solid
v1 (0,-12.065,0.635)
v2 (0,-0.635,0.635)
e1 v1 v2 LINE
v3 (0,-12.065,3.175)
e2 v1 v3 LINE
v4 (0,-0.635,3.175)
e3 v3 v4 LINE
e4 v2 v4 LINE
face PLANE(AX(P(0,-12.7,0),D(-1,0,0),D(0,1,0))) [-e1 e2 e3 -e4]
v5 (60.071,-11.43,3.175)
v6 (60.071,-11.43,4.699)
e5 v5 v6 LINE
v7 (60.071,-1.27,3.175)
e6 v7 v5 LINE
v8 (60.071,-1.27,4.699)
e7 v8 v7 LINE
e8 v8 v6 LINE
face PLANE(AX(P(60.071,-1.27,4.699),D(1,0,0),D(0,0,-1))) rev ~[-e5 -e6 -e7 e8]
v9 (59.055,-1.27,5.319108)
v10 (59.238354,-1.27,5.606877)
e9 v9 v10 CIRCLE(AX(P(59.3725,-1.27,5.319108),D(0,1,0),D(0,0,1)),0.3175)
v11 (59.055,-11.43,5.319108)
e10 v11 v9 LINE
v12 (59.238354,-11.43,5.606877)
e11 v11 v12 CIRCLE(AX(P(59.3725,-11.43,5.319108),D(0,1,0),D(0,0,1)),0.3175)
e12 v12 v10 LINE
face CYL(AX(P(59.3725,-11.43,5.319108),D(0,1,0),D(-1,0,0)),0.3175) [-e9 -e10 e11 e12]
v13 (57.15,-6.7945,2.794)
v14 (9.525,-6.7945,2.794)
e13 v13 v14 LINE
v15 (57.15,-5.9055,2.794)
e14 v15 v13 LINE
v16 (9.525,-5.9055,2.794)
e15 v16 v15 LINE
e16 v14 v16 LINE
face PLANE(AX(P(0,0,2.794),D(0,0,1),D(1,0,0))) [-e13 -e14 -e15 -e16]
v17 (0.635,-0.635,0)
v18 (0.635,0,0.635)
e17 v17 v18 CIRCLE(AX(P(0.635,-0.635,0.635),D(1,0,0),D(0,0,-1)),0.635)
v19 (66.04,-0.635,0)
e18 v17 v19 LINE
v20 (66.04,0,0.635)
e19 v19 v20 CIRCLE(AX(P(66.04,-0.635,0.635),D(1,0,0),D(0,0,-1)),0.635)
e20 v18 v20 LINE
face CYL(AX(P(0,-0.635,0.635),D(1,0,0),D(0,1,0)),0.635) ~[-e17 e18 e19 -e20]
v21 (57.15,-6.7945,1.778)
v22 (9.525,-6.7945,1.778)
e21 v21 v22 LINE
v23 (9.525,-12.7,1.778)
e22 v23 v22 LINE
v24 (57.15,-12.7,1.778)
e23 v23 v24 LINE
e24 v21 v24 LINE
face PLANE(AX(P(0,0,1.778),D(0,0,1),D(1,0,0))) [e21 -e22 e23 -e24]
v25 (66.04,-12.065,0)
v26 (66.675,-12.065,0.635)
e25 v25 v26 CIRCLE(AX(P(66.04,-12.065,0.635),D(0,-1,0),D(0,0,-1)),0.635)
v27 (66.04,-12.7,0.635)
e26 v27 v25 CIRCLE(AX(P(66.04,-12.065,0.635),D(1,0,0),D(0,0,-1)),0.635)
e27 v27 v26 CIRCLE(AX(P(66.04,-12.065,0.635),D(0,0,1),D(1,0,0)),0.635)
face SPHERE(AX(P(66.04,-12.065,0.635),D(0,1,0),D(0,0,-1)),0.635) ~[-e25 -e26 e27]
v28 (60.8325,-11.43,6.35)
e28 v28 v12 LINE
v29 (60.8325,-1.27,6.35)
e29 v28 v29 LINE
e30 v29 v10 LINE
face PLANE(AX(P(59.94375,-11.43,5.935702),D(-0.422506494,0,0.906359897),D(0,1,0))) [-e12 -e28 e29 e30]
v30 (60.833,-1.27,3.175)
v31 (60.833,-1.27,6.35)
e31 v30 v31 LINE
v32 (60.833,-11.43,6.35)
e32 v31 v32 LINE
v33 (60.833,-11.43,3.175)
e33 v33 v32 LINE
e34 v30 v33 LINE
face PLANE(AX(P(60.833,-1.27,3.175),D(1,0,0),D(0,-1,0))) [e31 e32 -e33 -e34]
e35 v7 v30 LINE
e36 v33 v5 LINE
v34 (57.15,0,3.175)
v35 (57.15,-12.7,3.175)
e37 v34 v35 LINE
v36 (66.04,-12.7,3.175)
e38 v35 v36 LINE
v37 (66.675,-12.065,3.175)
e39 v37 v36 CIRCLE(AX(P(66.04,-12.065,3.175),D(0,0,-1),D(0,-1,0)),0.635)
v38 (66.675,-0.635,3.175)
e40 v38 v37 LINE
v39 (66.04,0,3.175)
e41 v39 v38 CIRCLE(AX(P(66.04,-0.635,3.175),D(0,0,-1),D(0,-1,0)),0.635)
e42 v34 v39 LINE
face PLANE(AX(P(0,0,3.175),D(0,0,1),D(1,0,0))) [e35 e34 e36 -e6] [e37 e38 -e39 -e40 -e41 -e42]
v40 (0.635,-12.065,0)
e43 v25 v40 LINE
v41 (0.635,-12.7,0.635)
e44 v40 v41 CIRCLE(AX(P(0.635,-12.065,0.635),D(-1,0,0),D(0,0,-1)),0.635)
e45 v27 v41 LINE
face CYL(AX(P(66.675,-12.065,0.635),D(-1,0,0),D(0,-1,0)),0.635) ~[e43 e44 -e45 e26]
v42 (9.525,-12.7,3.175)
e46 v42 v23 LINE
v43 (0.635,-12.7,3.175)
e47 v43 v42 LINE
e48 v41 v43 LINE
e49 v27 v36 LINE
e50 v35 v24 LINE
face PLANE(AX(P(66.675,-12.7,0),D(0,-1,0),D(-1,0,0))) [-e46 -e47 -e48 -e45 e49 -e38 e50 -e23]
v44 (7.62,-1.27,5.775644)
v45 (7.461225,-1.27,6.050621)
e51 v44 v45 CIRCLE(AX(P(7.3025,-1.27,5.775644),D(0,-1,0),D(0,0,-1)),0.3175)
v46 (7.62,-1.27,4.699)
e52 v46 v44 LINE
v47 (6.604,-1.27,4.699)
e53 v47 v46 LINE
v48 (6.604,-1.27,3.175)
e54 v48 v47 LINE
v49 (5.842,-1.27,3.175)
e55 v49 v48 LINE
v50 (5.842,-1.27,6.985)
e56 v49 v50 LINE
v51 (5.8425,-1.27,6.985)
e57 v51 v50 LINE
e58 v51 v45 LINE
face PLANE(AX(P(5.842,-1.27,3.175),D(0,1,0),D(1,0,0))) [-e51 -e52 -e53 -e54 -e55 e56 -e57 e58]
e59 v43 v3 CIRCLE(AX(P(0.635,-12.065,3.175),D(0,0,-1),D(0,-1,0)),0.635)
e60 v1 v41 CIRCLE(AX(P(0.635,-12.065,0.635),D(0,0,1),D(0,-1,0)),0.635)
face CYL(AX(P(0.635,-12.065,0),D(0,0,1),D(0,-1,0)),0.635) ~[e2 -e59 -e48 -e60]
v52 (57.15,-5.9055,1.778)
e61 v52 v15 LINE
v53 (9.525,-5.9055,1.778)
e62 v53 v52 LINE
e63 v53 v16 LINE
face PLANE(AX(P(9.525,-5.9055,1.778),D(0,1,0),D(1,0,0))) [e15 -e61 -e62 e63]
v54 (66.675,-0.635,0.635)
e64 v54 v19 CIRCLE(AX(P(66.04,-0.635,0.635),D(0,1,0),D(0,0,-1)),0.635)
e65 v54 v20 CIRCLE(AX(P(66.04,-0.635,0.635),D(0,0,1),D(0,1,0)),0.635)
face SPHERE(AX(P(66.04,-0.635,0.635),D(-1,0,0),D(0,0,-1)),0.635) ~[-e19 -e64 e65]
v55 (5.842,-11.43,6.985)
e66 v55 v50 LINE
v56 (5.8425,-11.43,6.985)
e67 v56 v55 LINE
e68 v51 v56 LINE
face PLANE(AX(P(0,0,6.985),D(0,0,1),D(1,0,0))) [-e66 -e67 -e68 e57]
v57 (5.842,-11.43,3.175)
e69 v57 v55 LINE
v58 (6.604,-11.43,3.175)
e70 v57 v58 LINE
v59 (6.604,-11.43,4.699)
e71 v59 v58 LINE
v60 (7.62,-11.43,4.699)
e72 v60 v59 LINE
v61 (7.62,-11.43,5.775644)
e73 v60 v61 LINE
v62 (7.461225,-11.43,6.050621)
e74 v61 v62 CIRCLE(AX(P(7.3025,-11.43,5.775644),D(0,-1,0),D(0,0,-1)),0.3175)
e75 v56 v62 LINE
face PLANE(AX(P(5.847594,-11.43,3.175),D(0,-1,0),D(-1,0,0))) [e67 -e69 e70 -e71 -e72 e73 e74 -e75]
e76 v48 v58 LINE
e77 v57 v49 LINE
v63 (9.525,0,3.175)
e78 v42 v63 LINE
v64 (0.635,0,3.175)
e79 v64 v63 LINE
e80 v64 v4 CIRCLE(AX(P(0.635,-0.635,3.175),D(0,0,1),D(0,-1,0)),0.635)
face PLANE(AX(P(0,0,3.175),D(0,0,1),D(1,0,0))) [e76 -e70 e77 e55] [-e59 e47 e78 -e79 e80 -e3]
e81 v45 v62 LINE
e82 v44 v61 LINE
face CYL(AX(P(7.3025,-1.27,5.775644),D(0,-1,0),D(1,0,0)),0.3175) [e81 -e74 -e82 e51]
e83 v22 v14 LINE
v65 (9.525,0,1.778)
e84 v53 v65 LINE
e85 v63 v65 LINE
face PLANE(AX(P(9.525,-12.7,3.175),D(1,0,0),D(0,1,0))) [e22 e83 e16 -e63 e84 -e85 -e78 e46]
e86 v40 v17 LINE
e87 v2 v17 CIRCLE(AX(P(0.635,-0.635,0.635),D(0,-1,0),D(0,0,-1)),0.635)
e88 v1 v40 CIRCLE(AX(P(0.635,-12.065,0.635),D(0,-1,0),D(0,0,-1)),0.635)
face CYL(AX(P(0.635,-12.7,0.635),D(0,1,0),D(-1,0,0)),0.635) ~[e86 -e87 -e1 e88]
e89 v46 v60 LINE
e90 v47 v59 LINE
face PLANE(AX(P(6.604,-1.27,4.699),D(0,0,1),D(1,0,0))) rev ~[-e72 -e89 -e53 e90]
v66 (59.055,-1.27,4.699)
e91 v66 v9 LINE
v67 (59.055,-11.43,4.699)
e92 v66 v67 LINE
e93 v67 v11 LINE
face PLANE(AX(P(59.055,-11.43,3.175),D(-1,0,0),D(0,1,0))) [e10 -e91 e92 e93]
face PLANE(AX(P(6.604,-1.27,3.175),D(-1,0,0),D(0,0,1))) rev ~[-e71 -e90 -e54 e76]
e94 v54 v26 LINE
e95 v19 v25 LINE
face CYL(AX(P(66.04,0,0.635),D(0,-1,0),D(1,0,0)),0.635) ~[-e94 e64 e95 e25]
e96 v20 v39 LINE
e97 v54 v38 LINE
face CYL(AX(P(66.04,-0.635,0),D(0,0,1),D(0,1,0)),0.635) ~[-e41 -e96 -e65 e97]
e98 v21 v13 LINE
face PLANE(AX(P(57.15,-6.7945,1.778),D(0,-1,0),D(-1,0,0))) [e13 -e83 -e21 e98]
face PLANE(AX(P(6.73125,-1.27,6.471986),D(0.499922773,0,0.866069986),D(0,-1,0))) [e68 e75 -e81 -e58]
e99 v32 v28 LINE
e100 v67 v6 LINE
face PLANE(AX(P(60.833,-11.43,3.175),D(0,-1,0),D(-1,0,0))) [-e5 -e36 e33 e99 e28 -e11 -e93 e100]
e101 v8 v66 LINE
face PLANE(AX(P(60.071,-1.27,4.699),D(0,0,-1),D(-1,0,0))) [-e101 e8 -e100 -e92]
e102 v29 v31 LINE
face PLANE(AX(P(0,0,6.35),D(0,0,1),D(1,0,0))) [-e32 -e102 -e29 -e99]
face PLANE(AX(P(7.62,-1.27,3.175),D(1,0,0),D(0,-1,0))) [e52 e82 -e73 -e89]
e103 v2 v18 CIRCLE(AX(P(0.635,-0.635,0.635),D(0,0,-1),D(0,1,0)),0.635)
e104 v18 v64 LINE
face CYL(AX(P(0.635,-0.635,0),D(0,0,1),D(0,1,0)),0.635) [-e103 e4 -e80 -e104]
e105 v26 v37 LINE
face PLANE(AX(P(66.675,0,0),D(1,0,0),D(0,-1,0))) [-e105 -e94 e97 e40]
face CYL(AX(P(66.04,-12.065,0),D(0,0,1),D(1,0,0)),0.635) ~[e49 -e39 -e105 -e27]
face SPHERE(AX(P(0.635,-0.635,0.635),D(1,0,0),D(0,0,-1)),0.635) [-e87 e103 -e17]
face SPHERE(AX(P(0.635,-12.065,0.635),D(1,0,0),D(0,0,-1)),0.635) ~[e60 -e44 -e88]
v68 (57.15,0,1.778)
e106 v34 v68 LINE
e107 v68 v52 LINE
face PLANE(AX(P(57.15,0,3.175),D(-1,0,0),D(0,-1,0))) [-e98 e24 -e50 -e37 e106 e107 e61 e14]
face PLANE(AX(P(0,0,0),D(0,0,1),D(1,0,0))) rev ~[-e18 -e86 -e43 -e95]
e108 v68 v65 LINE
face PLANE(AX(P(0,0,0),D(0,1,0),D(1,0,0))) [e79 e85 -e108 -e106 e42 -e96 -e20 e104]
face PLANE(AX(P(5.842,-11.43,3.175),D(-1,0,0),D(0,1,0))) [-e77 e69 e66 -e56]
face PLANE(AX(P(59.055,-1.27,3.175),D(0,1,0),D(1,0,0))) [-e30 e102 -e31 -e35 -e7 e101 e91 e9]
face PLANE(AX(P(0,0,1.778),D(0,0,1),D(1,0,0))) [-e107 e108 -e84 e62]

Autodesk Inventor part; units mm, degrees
ref_plane "YZ Plane" through (0, 0, 0) normal (1, 0, 0) x (0, 1, 0)
ref_plane "XZ Plane" through (0, 0, 0) normal (0, 1, 0) x (-1, 0, 0)
ref_plane "XY Plane" through (0, 0, 0) normal (0, 0, 1) x (1, 0, 0)
sketch "Sketch1" plane through (0, 0, 0) normal (0, 0, 1) x (1, 0, 0)
  line L0 (0, 0) -> (66.675, 0)
  line L1 (66.675, 0) -> (66.675, -12.7)
  line L2 (66.675, -12.7) -> (0, -12.7)
  line L3 (0, -12.7) -> (0, 0)
  dimension "d0" = 66.675
  dimension "d1" = 12.7
extrude "Extrusion1" add sketch "Sketch1" along normal blind 3.175
fillet "Fillet1" radius 0.635 8 edges at (33.3375, 0, 0) (66.675, -6.35, 0) (66.675, 0, 1.5875) (33.3375, -12.7, 0) (66.675, -12.7, 1.5875) (0, -6.35, 0) (0, -12.7, 1.5875) (0, 0, 1.5875)
sketch "Sketch2" plane through (0, 0, 3.175) normal (0, 0, 1) x (1, 0, 0)
  line L0 (66.04, 0) -> (0.635, 0) projected
  line L1 (0.635, -12.7) -> (66.04, -12.7) projected
  line L2 (9.525, 0) -> (57.15, 0)
  line L3 (57.15, 0) -> (57.15, -12.7)
  line L4 (57.15, -12.7) -> (9.525, -12.7)
  line L5 (9.525, -12.7) -> (9.525, 0)
  line L6 (66.675, -12.065) -> (66.675, -0.635) projected
  point P0 (0, 0)
  dimension "d5" = 47.625
  dimension "d6" = 9.525
extrude "Extrusion2" cut sketch "Sketch2" against normal blind 1.397
sketch "Sketch3" plane through (0, 0, 3.175) normal (0, 0, 1) x (1, 0, 0)
  line L0 (66.04, -0.635) -> (0.635, -0.635) projected
  line L1 (0.635, -12.065) -> (66.04, -12.065) projected
  line L2 (5.842, -1.27) -> (7.62, -1.27)
  line L3 (7.62, -1.27) -> (7.62, -11.43)
  line L4 (7.62, -11.43) -> (5.842, -11.43)
  line L5 (5.842, -11.43) -> (5.842, -1.27)
  line L6 (9.525, -12.7) -> (9.525, 0) projected
  line L7 (7.112, -1.101) -> (5.842, -11.4757)
  line L8 (5.842, -11.4757) -> (8.89, -11.4757)
  line L9 (8.89, -11.4757) -> (7.62, -21.8503)
  line L10 (9.525, 0) -> (0.635, 0) projected
  line L11 (0.635, -12.7) -> (9.525, -12.7) projected
  point P0 (0, 0)
  dimension "d9" = 1.778
  dimension "d52" = 1.27
  dimension "d53" = 1.27
  dimension "d56" = 1.905
extrude "Extrusion3" add sketch "Sketch3" along normal blind 3.81 contours L4 L5 L2 L7 | L7 L2 L3 L4
sketch "Sketch5" plane through (0, 0, 3.175) normal (0, 0, 1) x (1, 0, 0)
  line L0 (66.04, -0.635) -> (0.635, -0.635) projected
  line L1 (0.635, -12.065) -> (66.04, -12.065) projected
  line L2 (59.055, -1.27) -> (60.833, -1.27)
  line L3 (60.833, -1.27) -> (60.833, -11.43)
  line L4 (60.833, -11.43) -> (59.055, -11.43)
  line L5 (59.055, -11.43) -> (59.055, -1.27)
  line L6 (57.15, 0) -> (57.15, -12.7) projected
  line L7 (66.04, 0) -> (57.15, 0) projected
  line L8 (57.15, -12.7) -> (66.04, -12.7) projected
  point P0 (0, 0)
  dimension "d21" = 1.778
  dimension "d54" = 1.27
  dimension "d55" = 1.27
  dimension "d57" = 1.905
extrude "Extrusion5" add sketch "Sketch5" along normal blind 3.175
sketch "Sketch6" plane through (59.055, -1.27, 3.175) normal (0, 1, 0) x (1, 0, 0)
  line L0 (0, 0) -> (1.778, 0) projected
  line L1 (1.016, -1.524) -> (1.016, 0)
  line L2 (1.016, 0) -> (0, 0)
  line L3 (0, 0) -> (0, -1.524)
  line L4 (0, 0) -> (0, -3.175) projected
  line L5 (0, 0) -> (1.016, 0)
  line L6 (1.016, 0) -> (1.016, -1.524)
  line L7 (1.016, -1.524) -> (0, -1.524)
  line L8 (0, -1.524) -> (0, 0)
  point P0 (-59.055, 3.175)
  point P1 (0, -1.524)
  dimension "d29" = 1.016
  dimension "d51" = 1.524
extrude "Extrusion6" cut sketch "Sketch6" against normal through all
sketch "Sketch7" plane through (0, 0, 1.778) normal (0, 0, 1) x (1, 0, 0)
  line L0 (9.525, -12.7) -> (9.525, 0) projected
  line L1 (57.15, 0) -> (57.15, -12.7) projected
  line L2 (9.525, -5.9055) -> (57.15, -5.9055)
  line L3 (57.15, -5.9055) -> (57.15, -6.7945)
  line L4 (57.15, -6.7945) -> (9.525, -6.7945)
  line L5 (9.525, -6.7945) -> (9.525, -5.9055)
  line L6 (9.525, 0) -> (57.15, 0) projected
  point P0 (0, 0)
  dimension "d33" = 0.889
  dimension "d34" = 5.9055
extrude "Extrusion7" add sketch "Sketch7" along normal blind 1.016 contours L0 L2 L1 L4
sketch "Sketch8" plane through (5.842, -1.27, 3.175) normal (0, 1, 0) x (1, 0, 0)
  line L0 (0, 0) -> (1.778, 0) projected
  line L1 (1.778, 0) -> (0.762, 0)
  line L2 (0.762, 0) -> (0.762, -1.524)
  line L3 (0.762, -1.524) -> (1.778, -1.524)
  line L4 (1.778, -1.524) -> (1.778, 0)
  point P0 (-5.842, 3.175)
  dimension "d38" = 1.016
  dimension "d39" = 1.524
extrude "Extrusion8" cut sketch "Sketch8" against normal through all
chamfer "Chamfer3" distance 1.778 angle 30 1 edges at (7.62, -6.35, 6.985) measured on face at (6.4347, -4.6567, 6.985)
fillet "Fillet4" radius 0.3175 1 edges at (7.62, -6.35, 5.959)
chamfer "Chamfer4" distance 1.778 angle 25 1 edges at (59.055, -6.35, 6.35) measured on face at (59.6477, -4.6567, 6.35)
fillet "Fillet5" radius 0.3175 1 edges at (59.055, -6.35, 5.5214)
properties part number "ClipMale"
